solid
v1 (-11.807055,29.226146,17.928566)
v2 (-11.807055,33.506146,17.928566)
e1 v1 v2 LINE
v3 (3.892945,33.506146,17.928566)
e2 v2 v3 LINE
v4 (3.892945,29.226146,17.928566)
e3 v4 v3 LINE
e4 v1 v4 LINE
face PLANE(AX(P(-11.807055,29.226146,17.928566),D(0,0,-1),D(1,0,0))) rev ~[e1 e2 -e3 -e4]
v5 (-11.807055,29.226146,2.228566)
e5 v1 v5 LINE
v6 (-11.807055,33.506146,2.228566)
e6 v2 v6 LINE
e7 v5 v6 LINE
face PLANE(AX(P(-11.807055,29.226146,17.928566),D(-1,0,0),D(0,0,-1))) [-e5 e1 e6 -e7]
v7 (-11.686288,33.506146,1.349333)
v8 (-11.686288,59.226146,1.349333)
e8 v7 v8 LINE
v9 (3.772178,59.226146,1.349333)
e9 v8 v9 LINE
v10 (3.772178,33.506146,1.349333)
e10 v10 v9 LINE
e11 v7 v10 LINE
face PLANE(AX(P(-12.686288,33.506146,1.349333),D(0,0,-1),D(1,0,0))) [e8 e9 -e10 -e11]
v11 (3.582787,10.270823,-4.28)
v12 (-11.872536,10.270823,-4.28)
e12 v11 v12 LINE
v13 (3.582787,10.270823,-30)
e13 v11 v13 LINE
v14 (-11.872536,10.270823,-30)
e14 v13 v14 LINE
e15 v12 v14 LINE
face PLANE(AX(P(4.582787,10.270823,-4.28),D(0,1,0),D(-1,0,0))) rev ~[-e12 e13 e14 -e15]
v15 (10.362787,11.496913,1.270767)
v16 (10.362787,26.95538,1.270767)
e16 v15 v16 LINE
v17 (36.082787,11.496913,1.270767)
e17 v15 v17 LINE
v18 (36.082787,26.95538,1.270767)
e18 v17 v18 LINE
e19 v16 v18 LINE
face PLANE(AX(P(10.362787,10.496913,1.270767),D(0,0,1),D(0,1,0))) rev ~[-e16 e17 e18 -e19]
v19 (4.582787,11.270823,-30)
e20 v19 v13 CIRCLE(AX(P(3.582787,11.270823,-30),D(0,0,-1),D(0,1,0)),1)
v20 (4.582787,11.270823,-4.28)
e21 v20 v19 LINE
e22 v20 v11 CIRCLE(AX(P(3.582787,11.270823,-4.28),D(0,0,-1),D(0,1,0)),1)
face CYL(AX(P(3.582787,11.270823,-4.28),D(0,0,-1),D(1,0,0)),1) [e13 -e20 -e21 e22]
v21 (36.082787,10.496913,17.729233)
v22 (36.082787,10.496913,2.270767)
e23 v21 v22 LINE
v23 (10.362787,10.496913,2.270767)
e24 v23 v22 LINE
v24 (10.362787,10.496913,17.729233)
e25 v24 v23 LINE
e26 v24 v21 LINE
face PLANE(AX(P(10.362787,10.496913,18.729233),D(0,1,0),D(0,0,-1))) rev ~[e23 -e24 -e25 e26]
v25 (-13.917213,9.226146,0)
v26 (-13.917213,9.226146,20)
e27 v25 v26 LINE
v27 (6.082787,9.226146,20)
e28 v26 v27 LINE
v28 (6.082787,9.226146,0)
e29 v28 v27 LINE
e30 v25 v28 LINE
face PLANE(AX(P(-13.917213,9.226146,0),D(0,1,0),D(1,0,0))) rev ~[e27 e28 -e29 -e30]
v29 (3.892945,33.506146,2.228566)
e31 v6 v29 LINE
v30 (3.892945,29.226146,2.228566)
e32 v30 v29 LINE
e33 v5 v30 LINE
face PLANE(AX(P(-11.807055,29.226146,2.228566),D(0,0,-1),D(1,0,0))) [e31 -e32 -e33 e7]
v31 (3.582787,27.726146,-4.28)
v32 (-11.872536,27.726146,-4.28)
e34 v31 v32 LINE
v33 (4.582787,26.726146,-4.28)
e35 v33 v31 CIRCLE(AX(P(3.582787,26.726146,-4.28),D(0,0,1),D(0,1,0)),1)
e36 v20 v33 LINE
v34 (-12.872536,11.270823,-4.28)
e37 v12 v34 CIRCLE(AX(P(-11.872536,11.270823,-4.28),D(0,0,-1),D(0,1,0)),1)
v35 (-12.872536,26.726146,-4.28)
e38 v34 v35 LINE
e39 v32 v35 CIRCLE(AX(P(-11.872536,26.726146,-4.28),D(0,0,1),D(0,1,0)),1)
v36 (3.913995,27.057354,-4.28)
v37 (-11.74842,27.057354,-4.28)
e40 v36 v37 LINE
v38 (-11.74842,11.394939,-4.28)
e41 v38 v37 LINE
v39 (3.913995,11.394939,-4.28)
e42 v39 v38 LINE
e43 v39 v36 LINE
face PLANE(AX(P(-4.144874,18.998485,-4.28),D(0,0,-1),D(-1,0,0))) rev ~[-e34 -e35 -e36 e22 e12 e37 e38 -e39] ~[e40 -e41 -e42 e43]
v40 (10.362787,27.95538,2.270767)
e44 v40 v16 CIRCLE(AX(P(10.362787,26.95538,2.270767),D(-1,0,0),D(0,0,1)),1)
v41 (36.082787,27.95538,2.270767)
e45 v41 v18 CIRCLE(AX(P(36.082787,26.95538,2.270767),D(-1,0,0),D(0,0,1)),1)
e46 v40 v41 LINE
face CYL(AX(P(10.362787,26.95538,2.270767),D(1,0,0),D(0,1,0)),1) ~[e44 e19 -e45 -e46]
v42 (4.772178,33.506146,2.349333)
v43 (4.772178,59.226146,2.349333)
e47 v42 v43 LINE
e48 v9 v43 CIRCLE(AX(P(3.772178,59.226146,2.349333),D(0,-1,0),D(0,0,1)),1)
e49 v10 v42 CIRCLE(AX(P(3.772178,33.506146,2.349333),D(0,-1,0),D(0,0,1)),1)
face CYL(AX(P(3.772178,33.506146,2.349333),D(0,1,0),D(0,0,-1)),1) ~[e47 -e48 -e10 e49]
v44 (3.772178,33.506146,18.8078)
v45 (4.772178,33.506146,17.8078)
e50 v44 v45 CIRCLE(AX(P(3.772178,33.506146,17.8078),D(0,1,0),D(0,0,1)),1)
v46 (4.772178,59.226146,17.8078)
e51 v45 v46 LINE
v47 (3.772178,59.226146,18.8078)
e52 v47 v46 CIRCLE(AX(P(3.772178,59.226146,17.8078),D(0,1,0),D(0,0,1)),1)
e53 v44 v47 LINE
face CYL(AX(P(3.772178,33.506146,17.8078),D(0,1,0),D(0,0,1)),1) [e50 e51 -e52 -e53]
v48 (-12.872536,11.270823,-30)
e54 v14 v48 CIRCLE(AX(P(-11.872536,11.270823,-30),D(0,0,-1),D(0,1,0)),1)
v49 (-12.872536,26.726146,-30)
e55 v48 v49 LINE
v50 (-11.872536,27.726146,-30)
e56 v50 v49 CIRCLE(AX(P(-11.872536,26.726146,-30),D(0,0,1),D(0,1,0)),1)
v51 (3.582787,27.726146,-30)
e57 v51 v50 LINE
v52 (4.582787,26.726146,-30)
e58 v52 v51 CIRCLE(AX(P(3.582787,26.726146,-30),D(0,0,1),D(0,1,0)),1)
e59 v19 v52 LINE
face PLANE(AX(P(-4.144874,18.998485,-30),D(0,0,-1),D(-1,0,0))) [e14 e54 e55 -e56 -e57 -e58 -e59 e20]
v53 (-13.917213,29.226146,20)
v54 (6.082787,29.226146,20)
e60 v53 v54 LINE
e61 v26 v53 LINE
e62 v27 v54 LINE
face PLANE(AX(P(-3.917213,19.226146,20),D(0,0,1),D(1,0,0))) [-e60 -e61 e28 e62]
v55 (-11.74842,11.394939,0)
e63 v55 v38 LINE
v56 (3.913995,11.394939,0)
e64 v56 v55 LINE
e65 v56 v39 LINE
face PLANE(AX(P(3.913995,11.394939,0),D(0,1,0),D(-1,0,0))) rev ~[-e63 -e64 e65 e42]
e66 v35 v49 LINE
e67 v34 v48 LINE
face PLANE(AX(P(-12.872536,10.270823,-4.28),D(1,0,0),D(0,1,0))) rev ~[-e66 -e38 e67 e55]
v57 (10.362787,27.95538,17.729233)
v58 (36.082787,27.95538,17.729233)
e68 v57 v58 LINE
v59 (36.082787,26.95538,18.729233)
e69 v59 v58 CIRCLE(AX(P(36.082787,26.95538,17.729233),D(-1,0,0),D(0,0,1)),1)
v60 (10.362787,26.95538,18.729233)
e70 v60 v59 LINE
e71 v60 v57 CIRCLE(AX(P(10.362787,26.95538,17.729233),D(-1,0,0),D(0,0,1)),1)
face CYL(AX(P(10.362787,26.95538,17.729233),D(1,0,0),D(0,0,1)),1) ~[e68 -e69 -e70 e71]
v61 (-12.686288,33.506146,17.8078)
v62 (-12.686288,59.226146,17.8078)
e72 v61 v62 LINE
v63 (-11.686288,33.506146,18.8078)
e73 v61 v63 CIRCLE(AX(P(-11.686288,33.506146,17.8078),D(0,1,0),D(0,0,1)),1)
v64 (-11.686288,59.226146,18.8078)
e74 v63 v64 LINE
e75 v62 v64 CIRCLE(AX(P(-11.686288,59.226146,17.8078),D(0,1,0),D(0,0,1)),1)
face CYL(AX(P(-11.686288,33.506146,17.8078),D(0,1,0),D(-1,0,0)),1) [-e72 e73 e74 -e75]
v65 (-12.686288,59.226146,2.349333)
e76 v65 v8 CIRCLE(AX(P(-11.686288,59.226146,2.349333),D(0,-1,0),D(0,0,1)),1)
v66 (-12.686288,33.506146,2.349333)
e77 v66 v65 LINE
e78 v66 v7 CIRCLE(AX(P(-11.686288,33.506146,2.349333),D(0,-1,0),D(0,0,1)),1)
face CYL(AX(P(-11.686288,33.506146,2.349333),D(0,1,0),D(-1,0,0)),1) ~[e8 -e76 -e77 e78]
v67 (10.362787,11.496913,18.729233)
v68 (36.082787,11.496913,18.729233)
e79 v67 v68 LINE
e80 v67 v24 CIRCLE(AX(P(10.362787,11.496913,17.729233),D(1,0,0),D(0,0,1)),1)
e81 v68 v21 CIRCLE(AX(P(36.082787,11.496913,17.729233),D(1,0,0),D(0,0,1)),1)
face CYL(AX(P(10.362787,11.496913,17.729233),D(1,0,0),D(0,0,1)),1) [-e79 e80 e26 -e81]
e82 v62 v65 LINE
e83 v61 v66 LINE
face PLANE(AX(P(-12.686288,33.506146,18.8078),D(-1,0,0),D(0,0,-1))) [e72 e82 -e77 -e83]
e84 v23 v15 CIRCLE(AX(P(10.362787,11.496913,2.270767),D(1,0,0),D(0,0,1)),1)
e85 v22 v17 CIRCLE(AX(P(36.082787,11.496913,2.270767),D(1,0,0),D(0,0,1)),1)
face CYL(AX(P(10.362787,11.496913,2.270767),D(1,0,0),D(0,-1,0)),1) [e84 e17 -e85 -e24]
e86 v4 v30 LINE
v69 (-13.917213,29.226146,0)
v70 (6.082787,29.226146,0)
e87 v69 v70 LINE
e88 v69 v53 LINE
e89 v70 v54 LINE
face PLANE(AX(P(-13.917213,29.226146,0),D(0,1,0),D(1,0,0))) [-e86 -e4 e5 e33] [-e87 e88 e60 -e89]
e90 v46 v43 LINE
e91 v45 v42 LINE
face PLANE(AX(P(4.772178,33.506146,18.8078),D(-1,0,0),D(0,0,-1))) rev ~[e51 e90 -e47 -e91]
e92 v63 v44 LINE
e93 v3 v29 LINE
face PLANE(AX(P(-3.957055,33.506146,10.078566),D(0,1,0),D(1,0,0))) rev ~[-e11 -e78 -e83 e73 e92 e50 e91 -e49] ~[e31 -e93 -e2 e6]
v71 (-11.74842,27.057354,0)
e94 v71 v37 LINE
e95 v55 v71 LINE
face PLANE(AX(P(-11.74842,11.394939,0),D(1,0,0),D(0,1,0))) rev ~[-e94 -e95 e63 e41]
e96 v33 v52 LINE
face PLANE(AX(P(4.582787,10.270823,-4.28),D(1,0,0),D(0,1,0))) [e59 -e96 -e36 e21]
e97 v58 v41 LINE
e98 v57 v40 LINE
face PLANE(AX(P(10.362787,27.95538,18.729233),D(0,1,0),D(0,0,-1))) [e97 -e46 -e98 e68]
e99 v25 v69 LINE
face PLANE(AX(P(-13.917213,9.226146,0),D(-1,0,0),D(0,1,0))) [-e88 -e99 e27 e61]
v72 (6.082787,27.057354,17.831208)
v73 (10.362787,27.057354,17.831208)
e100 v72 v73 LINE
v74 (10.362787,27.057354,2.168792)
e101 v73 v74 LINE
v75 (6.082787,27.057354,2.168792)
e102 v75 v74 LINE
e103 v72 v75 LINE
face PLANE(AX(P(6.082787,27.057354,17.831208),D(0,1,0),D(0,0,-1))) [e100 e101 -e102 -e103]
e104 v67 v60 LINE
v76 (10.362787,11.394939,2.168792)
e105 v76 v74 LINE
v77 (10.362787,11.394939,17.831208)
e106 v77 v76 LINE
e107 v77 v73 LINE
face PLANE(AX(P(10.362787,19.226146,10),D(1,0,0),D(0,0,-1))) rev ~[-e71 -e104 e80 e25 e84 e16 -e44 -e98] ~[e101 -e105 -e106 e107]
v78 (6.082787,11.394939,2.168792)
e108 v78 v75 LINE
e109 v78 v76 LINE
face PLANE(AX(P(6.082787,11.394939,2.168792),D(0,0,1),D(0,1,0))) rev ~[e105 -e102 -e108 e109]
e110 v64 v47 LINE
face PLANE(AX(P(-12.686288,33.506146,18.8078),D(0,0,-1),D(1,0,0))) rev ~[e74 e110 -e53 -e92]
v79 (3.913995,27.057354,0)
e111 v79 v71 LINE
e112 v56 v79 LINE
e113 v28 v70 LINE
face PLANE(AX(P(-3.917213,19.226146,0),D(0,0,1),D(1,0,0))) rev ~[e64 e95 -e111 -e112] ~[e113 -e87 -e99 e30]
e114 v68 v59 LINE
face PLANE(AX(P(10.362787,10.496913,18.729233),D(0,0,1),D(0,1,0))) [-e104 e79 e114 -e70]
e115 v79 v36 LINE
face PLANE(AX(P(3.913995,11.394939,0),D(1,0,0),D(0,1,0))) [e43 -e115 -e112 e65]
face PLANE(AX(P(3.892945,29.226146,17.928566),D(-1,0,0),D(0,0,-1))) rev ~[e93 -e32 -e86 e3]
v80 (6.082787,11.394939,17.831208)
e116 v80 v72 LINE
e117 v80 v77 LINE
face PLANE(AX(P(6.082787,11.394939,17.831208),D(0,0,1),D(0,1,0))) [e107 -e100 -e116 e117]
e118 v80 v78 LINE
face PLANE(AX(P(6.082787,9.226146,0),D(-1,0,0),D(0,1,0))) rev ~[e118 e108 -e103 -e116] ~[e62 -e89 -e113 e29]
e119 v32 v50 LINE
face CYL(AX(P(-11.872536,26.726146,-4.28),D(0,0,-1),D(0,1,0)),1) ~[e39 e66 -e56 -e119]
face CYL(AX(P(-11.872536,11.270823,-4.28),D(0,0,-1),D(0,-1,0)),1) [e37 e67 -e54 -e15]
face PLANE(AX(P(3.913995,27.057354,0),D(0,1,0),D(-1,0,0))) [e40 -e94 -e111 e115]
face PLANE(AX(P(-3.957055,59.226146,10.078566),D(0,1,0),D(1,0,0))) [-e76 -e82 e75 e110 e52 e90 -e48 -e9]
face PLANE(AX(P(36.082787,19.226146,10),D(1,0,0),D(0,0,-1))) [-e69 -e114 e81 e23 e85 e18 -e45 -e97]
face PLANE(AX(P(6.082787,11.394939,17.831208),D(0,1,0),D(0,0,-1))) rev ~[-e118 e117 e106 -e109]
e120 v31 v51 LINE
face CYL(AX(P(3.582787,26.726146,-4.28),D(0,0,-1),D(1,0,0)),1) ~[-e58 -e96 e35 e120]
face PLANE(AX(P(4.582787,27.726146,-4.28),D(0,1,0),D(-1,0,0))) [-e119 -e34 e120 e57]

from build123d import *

# Parameters (mm, degrees)
SZKIC1_W                    = 20
SZKIC1_H                    = 20
DODANIE_WYCI_GNI_CIE1_DEPTH = 20
SZKIC2_W                    = 15.7
SZKIC2_H                    = 15.7
DODANIE_WYCI_GNI_CIE2_DEPTH = 4.28
SZKIC3_W                    = 15.662415204
SZKIC3_H                    = 15.662415203
DODANIE_WYCI_GNI_CIE3_DEPTH = 4.28
SZKIC4_W                    = 15.662415203
SZKIC4_H                    = 15.662415203
DODANIE_WYCI_GNI_CIE4_DEPTH = 4.28
SZKIC5_W                    = 17.455323011
SZKIC5_H                    = 17.455323012
DODANIE_WYCI_GNI_CIE5_DEPTH = 25.72
SZKIC6_W                    = 17.458466428
SZKIC6_H                    = 17.458466428
DODANIE_WYCI_GNI_CIE6_DEPTH = 25.72
SZKIC7_W                    = 17.458466427
SZKIC7_H                    = 17.458466428
DODANIE_WYCI_GNI_CIE7_DEPTH = 25.72
ZAOKR_GLENIE2_R             = 1


with BuildPart() as part:
    # Szkic1 → Dodanie-wyciągnięcie1 (new body)
    with BuildSketch(Plane.XY):
        with Locations((-3.917212592, 19.226146443)):
            Rectangle(SZKIC1_W, SZKIC1_H)
    extrude(amount=DODANIE_WYCI_GNI_CIE1_DEPTH)

    # Szkic2 → Dodanie-wyciągnięcie2 (add)
    with BuildSketch(Plane(origin=(0, 29.226146443, 0), x_dir=(1, 0, 0), z_dir=(0, 1, 0))):
        with Locations((-3.957055084, -10.078566334)):
            Rectangle(SZKIC2_W, SZKIC2_H)
    extrude(amount=DODANIE_WYCI_GNI_CIE2_DEPTH)

    # Szkic3 → Dodanie-wyciągnięcie3 (add)
    with BuildSketch(Plane(origin=(6.082787408, 0, 0), x_dir=(0, 0, -1), z_dir=(1, 0, 0))):
        with Locations((-10, 19.226146442)):
            Rectangle(SZKIC3_W, SZKIC3_H)
    extrude(amount=DODANIE_WYCI_GNI_CIE3_DEPTH)

    # Szkic4 → Dodanie-wyciągnięcie4 (add)
    with BuildSketch(Plane(origin=(0, 0, 0), x_dir=(-1, 0, 0), z_dir=(0, 0, -1))):
        with Locations((3.917212592, 19.226146442)):
            Rectangle(SZKIC4_W, SZKIC4_H)
    extrude(amount=DODANIE_WYCI_GNI_CIE4_DEPTH)

    # Szkic5 → Dodanie-wyciągnięcie5 (add)
    with BuildSketch(Plane(origin=(0, 0, -4.28), x_dir=(-1, 0, 0), z_dir=(0, 0, -1))):
        with Locations((4.144874098, 18.998484937)):
            Rectangle(SZKIC5_W, SZKIC5_H)
    extrude(amount=DODANIE_WYCI_GNI_CIE5_DEPTH)

    # Szkic6 → Dodanie-wyciągnięcie6 (add)
    with BuildSketch(Plane(origin=(10.362787408, 0, 0), x_dir=(0, 0, -1), z_dir=(1, 0, 0))):
        with Locations((-10, 19.226146443)):
            Rectangle(SZKIC6_W, SZKIC6_H)
    extrude(amount=DODANIE_WYCI_GNI_CIE6_DEPTH)

    # Szkic7 → Dodanie-wyciągnięcie7 (add)
    with BuildSketch(Plane(origin=(0, 33.506146443, 0), x_dir=(1, 0, 0), z_dir=(0, 1, 0))):
        with Locations((-3.957055085, -10.078566334)):
            Rectangle(SZKIC7_W, SZKIC7_H)
    extrude(amount=DODANIE_WYCI_GNI_CIE7_DEPTH)

    # Zaokrąglenie2
    zaokr_glenie2_edges = [part.edges().sort_by_distance(p)[0] for p in [
        (4.582787408, 27.726146443, -17.14),
        (4.582787408, 10.270823431, -17.14),
        (-12.872535603, 10.270823431, -17.14),
        (-12.872535603, 27.726146443, -17.14),
        (23.222787408, 10.496913229, 18.729233214),
        (23.222787408, 10.496913229, 1.270766786),
        (23.222787408, 27.955379657, 1.270766786),
        (23.222787408, 27.955379657, 18.729233214),
        (4.772178129, 46.366146443, 18.807799548),
        (4.772178129, 46.366146443, 1.34933312),
        (-12.686288298, 46.366146443, 1.34933312),
        (-12.686288298, 46.366146443, 18.807799548),
    ]]
    fillet(zaokr_glenie2_edges, radius=ZAOKR_GLENIE2_R)


solid = part.part
